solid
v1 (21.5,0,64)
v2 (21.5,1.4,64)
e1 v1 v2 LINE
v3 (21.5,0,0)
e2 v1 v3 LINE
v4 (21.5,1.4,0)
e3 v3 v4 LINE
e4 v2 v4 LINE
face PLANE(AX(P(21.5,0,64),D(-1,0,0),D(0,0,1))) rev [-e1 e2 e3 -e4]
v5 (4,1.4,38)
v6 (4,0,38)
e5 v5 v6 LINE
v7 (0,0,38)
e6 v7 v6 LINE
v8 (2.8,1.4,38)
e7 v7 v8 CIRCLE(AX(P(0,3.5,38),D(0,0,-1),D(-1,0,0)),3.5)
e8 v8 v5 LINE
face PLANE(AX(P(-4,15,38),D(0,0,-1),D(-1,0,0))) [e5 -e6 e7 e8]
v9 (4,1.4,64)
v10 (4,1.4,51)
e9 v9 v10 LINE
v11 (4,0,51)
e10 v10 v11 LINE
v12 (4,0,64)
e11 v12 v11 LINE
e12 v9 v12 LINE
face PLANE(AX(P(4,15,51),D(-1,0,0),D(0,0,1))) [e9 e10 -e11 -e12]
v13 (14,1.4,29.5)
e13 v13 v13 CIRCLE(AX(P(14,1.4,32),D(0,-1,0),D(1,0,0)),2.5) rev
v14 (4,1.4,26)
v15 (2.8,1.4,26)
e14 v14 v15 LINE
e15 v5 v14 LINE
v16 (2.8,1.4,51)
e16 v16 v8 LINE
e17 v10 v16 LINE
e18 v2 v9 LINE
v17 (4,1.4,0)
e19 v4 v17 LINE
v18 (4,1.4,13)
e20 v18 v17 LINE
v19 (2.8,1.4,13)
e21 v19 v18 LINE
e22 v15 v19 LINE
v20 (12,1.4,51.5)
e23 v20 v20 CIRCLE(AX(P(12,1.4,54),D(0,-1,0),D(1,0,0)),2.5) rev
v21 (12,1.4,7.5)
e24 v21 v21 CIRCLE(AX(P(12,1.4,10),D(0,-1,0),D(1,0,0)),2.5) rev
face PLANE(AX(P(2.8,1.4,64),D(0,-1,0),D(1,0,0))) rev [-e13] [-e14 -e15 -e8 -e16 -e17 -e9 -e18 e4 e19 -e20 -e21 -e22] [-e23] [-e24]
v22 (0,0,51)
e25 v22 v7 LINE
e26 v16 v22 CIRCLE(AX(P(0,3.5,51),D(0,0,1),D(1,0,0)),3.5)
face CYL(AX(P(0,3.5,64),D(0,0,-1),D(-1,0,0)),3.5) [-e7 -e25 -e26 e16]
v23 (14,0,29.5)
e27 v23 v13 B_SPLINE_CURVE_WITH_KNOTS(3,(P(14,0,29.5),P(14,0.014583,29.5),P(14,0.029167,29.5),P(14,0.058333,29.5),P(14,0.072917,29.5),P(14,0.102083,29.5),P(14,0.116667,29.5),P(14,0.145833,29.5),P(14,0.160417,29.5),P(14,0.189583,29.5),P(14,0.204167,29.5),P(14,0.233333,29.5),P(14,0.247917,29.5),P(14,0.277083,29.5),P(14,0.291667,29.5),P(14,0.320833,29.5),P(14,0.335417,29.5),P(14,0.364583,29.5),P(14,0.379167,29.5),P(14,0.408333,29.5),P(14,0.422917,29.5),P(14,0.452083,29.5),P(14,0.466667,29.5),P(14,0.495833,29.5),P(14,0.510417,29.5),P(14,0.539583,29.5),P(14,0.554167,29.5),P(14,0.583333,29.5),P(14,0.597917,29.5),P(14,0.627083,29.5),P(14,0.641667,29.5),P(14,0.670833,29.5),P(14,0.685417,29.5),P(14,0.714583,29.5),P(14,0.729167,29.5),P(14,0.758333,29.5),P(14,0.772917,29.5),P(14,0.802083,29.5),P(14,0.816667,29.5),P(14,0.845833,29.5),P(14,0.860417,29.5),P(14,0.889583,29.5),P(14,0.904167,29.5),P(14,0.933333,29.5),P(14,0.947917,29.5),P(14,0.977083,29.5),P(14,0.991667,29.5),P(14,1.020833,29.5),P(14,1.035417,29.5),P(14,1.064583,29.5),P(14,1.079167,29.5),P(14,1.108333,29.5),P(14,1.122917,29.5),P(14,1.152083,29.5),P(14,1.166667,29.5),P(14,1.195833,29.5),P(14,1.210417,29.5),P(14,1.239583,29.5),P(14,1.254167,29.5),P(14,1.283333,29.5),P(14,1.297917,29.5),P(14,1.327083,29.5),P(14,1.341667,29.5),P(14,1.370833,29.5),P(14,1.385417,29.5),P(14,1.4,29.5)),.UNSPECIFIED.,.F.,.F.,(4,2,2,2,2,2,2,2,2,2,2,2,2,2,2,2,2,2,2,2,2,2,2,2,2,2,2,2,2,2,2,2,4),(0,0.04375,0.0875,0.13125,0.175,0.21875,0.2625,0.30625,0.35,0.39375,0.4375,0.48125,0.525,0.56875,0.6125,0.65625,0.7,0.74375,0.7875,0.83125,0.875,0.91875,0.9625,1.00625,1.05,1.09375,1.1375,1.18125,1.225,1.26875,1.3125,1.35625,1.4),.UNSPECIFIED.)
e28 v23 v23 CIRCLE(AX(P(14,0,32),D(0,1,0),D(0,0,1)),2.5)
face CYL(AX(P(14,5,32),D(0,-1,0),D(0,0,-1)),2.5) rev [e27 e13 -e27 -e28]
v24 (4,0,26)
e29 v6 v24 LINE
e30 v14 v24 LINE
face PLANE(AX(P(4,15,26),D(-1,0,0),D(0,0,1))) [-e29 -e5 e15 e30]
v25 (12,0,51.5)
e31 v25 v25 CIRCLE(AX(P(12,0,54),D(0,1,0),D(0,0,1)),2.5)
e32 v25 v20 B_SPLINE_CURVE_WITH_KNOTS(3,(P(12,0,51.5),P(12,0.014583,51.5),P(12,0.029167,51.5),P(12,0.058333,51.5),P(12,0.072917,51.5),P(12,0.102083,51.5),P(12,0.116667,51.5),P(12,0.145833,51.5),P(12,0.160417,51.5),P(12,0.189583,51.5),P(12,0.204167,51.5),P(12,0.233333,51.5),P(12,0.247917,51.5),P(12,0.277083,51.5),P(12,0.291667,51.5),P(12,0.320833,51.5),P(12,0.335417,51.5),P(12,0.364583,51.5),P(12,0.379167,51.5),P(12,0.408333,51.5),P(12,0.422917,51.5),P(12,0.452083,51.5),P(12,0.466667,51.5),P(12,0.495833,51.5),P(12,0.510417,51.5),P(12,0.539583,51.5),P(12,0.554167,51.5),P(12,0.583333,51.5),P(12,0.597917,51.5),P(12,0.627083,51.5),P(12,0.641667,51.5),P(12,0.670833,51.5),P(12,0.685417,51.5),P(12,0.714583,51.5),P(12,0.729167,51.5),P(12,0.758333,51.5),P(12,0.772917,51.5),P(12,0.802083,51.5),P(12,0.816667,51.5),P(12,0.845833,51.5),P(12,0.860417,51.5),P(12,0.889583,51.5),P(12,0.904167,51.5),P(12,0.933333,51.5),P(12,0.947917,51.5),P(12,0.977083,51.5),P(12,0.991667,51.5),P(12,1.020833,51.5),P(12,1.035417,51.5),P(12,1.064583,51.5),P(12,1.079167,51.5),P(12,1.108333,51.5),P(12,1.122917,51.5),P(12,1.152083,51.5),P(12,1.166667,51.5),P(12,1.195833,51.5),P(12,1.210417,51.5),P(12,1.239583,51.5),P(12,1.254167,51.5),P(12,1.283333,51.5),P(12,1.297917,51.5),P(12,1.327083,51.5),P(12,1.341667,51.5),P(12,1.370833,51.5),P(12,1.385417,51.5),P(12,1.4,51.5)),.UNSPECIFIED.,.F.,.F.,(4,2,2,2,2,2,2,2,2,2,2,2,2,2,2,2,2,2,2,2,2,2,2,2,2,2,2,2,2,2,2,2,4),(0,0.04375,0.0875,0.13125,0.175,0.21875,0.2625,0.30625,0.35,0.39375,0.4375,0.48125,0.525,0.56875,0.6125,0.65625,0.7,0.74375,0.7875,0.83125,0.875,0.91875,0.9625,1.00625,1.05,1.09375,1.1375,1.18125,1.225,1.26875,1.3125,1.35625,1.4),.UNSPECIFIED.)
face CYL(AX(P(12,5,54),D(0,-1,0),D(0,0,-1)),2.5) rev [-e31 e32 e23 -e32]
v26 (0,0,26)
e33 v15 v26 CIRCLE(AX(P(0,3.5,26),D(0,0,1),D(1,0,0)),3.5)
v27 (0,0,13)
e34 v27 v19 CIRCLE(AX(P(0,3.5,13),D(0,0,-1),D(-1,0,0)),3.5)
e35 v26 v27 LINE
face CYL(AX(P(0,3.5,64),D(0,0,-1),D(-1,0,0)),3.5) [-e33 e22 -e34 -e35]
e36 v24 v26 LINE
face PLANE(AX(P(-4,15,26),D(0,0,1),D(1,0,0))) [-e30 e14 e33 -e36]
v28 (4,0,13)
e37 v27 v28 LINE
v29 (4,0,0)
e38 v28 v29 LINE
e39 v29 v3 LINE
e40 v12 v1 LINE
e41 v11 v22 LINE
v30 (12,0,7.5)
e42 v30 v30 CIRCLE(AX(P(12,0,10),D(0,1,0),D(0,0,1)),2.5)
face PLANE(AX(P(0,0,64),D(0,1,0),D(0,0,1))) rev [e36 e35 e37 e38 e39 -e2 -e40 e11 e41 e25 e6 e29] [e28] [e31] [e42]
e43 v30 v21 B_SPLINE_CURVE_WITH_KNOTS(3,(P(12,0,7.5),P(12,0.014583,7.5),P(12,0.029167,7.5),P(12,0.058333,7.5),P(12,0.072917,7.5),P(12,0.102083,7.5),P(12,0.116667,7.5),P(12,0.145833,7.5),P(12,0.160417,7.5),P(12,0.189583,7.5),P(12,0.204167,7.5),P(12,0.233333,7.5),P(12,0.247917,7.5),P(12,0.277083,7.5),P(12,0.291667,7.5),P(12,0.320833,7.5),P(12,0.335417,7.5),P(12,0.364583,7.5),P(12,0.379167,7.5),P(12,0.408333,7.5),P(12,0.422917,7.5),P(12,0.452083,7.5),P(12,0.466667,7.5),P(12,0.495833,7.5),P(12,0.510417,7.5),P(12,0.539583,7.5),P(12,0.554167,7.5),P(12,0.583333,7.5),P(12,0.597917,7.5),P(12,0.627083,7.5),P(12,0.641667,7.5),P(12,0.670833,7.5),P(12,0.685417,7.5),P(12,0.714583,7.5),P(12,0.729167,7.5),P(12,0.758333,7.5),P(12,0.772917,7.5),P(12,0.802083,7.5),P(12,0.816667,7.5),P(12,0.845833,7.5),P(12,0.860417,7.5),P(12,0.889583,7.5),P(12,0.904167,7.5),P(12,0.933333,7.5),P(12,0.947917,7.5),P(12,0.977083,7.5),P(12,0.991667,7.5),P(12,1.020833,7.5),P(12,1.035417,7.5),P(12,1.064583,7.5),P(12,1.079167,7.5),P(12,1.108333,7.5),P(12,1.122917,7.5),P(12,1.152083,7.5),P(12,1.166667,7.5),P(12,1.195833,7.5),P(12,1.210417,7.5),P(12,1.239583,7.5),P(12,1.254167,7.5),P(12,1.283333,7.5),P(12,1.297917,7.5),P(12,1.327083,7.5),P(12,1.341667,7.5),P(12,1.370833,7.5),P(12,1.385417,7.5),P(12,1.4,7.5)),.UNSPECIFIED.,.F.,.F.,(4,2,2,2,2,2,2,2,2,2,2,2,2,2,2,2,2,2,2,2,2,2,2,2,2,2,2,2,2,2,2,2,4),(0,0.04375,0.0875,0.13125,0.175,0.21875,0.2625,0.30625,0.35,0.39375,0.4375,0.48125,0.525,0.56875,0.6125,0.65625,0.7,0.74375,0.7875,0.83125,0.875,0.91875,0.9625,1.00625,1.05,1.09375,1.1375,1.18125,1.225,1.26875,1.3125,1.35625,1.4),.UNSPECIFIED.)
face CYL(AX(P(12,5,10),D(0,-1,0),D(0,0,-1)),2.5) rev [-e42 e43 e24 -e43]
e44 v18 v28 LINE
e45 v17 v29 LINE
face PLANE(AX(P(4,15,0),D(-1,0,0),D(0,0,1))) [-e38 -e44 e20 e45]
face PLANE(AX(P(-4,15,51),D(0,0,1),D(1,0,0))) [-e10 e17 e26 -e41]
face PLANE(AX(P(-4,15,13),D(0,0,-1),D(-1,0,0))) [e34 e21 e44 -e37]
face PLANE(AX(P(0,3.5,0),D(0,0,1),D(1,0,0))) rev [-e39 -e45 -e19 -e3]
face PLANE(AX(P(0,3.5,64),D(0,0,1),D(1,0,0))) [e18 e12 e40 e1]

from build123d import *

# Parameters (mm, degrees)
BOSS_EXTRUDE1_DEPTH = 64
SKETCH2_R           = 2.499999953
CUT_EXTRUDE2_DEPTH  = 5
SKETCH3_W           = 8
SKETCH3_H           = 13
SKETCH3_H_2         = 12
CUT_EXTRUDE3_DEPTH  = 15


with BuildPart() as part:
    # Sketch1 → Boss-Extrude1 (new body)
    with BuildSketch(Plane.XY):
        with BuildLine():
            Line((0, 0), (21.499999926, 0))
            Line((21.499999926, 0), (21.499999926, 1.4))
            Line((21.499999926, 1.4), (2.799999992, 1.4))
            ThreePointArc((2.799999992, 1.4), (-1.565247581, 6.630495138), (0, 0))
        make_face()
    extrude(amount=BOSS_EXTRUDE1_DEPTH)

    # Sketch2 → Cut-Extrude2 (cut)
    with BuildSketch(Plane(origin=(0, 0, 0), x_dir=(1, 0, 0), z_dir=(0, 1, 0))):
        with Locations(Location((11.999999876, -53.99999995, 0), (0, 0, 90))):
            Circle(SKETCH2_R)
        with Locations(Location((13.999999876, -32.000000008, 0), (0, 0, 90))):
            Circle(SKETCH2_R)
        with Locations(Location((11.999999876, -10.000000066, 0), (0, 0, 90))):
            Circle(SKETCH2_R)
    extrude(amount=CUT_EXTRUDE2_DEPTH, mode=Mode.SUBTRACT)

    # Sketch3 → Cut-Extrude3 (cut)
    with BuildSketch(Plane(origin=(0, 0, 0), x_dir=(1, 0, 0), z_dir=(0, 1, 0))):
        with Locations((0, -6.5)):
            Rectangle(SKETCH3_W, SKETCH3_H)
        with Locations((0, -32)):
            Rectangle(SKETCH3_W, SKETCH3_H_2)
        with Locations((0, -57.5)):
            Rectangle(SKETCH3_W, SKETCH3_H)
    extrude(amount=CUT_EXTRUDE3_DEPTH, mode=Mode.SUBTRACT)


solid = part.part
